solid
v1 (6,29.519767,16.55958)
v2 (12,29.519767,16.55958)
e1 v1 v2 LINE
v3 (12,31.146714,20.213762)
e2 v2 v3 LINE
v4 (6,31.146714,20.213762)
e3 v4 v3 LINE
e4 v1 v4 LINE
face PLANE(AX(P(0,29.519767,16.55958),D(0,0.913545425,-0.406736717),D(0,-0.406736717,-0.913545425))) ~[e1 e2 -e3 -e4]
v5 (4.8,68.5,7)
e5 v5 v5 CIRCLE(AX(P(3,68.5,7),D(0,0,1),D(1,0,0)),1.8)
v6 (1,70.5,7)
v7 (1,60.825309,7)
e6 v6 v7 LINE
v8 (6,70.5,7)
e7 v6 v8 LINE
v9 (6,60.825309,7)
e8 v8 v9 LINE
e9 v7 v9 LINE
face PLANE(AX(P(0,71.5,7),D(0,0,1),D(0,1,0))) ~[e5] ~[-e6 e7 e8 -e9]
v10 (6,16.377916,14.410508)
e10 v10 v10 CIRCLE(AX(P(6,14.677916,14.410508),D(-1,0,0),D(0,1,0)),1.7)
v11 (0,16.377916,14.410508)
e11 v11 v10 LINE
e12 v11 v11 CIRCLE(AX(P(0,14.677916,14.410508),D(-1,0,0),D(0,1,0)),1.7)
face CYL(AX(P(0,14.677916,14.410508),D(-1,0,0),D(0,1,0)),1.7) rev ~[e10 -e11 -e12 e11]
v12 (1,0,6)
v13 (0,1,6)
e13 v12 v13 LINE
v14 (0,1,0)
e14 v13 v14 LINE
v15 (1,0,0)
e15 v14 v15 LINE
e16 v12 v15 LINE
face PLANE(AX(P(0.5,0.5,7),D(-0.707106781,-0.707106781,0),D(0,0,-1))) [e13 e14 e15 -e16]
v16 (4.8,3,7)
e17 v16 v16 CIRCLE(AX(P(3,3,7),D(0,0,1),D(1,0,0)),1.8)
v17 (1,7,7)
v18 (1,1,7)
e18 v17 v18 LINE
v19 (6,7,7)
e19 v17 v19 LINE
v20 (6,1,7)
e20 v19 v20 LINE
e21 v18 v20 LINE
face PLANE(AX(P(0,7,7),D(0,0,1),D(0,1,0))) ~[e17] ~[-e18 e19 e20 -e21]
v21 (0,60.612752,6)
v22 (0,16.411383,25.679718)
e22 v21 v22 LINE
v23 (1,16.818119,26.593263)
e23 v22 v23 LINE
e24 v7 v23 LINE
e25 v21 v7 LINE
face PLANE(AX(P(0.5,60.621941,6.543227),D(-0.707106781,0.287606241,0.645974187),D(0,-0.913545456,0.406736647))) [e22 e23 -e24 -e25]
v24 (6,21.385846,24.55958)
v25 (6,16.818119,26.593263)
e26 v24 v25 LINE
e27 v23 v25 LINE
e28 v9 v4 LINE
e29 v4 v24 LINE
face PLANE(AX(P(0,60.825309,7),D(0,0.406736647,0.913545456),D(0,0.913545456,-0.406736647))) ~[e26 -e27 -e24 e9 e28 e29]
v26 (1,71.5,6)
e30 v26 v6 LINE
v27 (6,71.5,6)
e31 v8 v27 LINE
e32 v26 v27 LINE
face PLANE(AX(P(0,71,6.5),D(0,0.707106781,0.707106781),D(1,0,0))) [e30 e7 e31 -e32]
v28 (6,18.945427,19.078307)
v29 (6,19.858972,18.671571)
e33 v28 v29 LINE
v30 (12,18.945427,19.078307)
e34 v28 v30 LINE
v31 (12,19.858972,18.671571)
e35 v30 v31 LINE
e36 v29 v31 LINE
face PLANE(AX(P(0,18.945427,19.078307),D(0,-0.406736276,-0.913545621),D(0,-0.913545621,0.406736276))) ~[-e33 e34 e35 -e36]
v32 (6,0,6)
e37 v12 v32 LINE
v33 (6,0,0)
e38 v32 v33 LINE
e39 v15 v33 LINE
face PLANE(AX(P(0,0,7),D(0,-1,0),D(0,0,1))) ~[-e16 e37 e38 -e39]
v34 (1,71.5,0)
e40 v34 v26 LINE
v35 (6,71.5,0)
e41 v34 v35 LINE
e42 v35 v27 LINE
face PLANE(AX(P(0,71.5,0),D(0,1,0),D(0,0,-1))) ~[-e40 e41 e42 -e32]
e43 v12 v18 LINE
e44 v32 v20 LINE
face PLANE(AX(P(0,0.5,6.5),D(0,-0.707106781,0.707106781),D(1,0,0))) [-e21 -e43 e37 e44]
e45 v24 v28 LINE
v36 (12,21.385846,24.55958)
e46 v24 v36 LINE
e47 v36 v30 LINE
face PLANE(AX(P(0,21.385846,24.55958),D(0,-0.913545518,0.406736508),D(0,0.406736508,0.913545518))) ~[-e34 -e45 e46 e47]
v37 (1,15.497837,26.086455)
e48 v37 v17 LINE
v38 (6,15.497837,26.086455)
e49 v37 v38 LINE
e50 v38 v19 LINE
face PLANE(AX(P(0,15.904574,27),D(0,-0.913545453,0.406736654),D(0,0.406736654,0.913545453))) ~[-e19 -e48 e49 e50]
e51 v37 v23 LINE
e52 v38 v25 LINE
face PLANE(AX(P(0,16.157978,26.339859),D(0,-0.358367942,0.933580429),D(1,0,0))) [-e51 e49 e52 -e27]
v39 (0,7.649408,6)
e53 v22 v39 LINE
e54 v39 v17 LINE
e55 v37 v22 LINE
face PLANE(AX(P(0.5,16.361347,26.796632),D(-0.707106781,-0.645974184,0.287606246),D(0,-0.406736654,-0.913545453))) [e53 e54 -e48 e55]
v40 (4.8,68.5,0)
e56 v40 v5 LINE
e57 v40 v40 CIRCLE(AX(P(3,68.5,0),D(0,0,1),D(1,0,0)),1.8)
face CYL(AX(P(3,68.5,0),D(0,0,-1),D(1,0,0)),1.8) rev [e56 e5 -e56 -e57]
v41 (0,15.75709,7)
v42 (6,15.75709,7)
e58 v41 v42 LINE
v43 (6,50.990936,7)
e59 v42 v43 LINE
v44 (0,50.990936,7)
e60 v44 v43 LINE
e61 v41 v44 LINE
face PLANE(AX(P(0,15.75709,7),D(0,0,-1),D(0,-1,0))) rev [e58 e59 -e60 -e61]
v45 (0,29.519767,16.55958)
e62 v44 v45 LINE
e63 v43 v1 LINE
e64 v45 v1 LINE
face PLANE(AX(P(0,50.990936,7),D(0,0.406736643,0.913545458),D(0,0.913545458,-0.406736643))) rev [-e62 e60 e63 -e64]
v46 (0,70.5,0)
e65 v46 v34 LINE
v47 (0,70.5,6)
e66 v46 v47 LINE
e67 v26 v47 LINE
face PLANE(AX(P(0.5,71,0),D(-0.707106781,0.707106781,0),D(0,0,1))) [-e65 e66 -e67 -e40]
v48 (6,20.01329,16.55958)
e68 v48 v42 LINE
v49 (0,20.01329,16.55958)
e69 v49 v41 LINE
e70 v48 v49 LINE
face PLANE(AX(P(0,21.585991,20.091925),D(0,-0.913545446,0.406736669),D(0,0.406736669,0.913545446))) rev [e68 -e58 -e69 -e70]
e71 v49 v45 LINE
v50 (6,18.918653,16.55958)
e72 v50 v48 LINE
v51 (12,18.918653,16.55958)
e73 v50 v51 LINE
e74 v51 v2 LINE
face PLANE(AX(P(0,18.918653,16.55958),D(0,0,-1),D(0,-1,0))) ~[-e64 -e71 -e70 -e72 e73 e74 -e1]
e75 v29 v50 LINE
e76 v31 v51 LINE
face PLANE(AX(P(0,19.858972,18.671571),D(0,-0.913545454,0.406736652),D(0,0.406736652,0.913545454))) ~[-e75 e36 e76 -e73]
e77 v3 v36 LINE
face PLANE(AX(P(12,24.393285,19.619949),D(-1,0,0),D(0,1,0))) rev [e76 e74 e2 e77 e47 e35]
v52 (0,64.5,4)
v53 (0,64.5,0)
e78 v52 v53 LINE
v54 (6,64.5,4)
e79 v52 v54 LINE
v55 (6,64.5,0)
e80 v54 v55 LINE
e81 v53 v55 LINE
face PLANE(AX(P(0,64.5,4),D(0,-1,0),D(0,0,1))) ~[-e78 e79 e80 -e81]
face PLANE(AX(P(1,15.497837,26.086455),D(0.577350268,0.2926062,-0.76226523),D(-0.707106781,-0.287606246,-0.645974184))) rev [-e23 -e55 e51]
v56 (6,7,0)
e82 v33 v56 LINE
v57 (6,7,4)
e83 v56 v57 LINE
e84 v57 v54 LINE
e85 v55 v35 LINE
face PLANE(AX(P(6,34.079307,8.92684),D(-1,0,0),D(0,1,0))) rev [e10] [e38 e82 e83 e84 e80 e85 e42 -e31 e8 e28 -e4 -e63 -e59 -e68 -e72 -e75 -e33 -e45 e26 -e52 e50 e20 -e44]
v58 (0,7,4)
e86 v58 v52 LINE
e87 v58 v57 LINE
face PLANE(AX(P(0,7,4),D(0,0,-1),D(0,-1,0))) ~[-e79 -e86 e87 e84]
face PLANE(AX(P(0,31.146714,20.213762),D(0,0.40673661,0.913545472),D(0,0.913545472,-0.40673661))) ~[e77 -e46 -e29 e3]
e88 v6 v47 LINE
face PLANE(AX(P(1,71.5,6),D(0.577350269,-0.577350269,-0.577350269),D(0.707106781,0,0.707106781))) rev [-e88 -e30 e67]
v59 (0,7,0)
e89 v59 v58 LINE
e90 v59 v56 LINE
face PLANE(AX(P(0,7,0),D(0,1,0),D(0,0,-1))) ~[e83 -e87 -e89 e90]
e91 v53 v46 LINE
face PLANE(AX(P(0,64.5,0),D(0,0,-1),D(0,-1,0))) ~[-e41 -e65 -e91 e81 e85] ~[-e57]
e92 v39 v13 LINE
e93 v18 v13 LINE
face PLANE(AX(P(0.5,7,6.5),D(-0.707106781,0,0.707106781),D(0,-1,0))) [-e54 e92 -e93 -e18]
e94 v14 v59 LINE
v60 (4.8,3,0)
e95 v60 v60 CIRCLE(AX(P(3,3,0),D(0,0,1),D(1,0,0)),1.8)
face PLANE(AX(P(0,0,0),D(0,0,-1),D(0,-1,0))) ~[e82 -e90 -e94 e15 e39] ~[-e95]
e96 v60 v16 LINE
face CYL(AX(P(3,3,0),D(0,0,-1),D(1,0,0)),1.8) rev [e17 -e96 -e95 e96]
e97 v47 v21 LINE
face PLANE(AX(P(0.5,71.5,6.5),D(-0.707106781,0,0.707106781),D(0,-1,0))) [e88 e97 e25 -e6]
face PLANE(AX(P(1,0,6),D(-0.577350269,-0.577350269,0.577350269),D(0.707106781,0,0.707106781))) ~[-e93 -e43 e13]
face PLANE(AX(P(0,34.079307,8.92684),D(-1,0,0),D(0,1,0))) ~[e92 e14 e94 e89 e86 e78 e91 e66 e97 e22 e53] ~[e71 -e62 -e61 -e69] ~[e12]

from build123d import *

# Parameters (mm, degrees)
SKETCH006_R     = 1.7
PAD003_DEPTH    = 6
SKETCH007_R     = 1.8
POCKET003_DEPTH = 7
PAD004_DEPTH    = 12
CHAMFER002_SIZE = 1


with BuildPart() as support:
    # Sketch006 → Pad003 (new body)
    with BuildSketch(Plane.YZ):
        Polygon((71.5, 0), (71.5, -7), (60.825309, -7), (15.904574, -27), (7, -7), (0, -7), (0, 0), (7, 0), (7, -4), (64.5, -4), (64.5, 0), align=None)
        with Locations((14.677916, -14.410508)):
            Circle(SKETCH006_R, mode=Mode.SUBTRACT)
        Polygon((15.75709, -7), (50.990936, -7), (21.585991, -20.091925), align=None, mode=Mode.SUBTRACT)
    extrude(amount=PAD003_DEPTH)

    # Sketch007 → Pocket003 (cut)
    with BuildSketch(Plane.XY):
        with Locations((3, 68.5)):
            Circle(SKETCH007_R)
        with Locations((3, 3)):
            Circle(SKETCH007_R)
    extrude(amount=-POCKET003_DEPTH, mode=Mode.SUBTRACT)

    # Sketch008 → Pad004 (join)
    with BuildSketch(Plane.YZ):
        Polygon((21.385846, -24.55958), (18.945427, -19.078307), (19.858972, -18.671571), (18.918653, -16.55958), (29.519767, -16.55958), (31.146714, -20.213762), align=None)
    extrude(amount=PAD004_DEPTH)

    # Chamfer002
    chamfer002_edges = [support.edges().sort_by_distance(p)[0] for p in [
        (0, 66.162655, -7),
        (0, 45.986012, -13.606881),
        (0, 26.26628, -22.386671),
        (0, 18.64521, -25.77979),
        (0, 11.452287, -17),
        (0, 3.5, -7),
        (3, 0, -7),
        (3, 15.904574, -27),
        (3, 71.5, -7),
        (0, 0, -3.5),
        (0, 71.5, -3.5),
    ]]
    chamfer(chamfer002_edges, length=CHAMFER002_SIZE)


with BuildPart() as support_mirror:
    # Part__Mirroring: instance of support
    add(support.part.mirror(Plane(origin=(0, 0, 0), x_dir=(0, 1, 0), z_dir=(0, 0, 1))))


solid = support_mirror.part
